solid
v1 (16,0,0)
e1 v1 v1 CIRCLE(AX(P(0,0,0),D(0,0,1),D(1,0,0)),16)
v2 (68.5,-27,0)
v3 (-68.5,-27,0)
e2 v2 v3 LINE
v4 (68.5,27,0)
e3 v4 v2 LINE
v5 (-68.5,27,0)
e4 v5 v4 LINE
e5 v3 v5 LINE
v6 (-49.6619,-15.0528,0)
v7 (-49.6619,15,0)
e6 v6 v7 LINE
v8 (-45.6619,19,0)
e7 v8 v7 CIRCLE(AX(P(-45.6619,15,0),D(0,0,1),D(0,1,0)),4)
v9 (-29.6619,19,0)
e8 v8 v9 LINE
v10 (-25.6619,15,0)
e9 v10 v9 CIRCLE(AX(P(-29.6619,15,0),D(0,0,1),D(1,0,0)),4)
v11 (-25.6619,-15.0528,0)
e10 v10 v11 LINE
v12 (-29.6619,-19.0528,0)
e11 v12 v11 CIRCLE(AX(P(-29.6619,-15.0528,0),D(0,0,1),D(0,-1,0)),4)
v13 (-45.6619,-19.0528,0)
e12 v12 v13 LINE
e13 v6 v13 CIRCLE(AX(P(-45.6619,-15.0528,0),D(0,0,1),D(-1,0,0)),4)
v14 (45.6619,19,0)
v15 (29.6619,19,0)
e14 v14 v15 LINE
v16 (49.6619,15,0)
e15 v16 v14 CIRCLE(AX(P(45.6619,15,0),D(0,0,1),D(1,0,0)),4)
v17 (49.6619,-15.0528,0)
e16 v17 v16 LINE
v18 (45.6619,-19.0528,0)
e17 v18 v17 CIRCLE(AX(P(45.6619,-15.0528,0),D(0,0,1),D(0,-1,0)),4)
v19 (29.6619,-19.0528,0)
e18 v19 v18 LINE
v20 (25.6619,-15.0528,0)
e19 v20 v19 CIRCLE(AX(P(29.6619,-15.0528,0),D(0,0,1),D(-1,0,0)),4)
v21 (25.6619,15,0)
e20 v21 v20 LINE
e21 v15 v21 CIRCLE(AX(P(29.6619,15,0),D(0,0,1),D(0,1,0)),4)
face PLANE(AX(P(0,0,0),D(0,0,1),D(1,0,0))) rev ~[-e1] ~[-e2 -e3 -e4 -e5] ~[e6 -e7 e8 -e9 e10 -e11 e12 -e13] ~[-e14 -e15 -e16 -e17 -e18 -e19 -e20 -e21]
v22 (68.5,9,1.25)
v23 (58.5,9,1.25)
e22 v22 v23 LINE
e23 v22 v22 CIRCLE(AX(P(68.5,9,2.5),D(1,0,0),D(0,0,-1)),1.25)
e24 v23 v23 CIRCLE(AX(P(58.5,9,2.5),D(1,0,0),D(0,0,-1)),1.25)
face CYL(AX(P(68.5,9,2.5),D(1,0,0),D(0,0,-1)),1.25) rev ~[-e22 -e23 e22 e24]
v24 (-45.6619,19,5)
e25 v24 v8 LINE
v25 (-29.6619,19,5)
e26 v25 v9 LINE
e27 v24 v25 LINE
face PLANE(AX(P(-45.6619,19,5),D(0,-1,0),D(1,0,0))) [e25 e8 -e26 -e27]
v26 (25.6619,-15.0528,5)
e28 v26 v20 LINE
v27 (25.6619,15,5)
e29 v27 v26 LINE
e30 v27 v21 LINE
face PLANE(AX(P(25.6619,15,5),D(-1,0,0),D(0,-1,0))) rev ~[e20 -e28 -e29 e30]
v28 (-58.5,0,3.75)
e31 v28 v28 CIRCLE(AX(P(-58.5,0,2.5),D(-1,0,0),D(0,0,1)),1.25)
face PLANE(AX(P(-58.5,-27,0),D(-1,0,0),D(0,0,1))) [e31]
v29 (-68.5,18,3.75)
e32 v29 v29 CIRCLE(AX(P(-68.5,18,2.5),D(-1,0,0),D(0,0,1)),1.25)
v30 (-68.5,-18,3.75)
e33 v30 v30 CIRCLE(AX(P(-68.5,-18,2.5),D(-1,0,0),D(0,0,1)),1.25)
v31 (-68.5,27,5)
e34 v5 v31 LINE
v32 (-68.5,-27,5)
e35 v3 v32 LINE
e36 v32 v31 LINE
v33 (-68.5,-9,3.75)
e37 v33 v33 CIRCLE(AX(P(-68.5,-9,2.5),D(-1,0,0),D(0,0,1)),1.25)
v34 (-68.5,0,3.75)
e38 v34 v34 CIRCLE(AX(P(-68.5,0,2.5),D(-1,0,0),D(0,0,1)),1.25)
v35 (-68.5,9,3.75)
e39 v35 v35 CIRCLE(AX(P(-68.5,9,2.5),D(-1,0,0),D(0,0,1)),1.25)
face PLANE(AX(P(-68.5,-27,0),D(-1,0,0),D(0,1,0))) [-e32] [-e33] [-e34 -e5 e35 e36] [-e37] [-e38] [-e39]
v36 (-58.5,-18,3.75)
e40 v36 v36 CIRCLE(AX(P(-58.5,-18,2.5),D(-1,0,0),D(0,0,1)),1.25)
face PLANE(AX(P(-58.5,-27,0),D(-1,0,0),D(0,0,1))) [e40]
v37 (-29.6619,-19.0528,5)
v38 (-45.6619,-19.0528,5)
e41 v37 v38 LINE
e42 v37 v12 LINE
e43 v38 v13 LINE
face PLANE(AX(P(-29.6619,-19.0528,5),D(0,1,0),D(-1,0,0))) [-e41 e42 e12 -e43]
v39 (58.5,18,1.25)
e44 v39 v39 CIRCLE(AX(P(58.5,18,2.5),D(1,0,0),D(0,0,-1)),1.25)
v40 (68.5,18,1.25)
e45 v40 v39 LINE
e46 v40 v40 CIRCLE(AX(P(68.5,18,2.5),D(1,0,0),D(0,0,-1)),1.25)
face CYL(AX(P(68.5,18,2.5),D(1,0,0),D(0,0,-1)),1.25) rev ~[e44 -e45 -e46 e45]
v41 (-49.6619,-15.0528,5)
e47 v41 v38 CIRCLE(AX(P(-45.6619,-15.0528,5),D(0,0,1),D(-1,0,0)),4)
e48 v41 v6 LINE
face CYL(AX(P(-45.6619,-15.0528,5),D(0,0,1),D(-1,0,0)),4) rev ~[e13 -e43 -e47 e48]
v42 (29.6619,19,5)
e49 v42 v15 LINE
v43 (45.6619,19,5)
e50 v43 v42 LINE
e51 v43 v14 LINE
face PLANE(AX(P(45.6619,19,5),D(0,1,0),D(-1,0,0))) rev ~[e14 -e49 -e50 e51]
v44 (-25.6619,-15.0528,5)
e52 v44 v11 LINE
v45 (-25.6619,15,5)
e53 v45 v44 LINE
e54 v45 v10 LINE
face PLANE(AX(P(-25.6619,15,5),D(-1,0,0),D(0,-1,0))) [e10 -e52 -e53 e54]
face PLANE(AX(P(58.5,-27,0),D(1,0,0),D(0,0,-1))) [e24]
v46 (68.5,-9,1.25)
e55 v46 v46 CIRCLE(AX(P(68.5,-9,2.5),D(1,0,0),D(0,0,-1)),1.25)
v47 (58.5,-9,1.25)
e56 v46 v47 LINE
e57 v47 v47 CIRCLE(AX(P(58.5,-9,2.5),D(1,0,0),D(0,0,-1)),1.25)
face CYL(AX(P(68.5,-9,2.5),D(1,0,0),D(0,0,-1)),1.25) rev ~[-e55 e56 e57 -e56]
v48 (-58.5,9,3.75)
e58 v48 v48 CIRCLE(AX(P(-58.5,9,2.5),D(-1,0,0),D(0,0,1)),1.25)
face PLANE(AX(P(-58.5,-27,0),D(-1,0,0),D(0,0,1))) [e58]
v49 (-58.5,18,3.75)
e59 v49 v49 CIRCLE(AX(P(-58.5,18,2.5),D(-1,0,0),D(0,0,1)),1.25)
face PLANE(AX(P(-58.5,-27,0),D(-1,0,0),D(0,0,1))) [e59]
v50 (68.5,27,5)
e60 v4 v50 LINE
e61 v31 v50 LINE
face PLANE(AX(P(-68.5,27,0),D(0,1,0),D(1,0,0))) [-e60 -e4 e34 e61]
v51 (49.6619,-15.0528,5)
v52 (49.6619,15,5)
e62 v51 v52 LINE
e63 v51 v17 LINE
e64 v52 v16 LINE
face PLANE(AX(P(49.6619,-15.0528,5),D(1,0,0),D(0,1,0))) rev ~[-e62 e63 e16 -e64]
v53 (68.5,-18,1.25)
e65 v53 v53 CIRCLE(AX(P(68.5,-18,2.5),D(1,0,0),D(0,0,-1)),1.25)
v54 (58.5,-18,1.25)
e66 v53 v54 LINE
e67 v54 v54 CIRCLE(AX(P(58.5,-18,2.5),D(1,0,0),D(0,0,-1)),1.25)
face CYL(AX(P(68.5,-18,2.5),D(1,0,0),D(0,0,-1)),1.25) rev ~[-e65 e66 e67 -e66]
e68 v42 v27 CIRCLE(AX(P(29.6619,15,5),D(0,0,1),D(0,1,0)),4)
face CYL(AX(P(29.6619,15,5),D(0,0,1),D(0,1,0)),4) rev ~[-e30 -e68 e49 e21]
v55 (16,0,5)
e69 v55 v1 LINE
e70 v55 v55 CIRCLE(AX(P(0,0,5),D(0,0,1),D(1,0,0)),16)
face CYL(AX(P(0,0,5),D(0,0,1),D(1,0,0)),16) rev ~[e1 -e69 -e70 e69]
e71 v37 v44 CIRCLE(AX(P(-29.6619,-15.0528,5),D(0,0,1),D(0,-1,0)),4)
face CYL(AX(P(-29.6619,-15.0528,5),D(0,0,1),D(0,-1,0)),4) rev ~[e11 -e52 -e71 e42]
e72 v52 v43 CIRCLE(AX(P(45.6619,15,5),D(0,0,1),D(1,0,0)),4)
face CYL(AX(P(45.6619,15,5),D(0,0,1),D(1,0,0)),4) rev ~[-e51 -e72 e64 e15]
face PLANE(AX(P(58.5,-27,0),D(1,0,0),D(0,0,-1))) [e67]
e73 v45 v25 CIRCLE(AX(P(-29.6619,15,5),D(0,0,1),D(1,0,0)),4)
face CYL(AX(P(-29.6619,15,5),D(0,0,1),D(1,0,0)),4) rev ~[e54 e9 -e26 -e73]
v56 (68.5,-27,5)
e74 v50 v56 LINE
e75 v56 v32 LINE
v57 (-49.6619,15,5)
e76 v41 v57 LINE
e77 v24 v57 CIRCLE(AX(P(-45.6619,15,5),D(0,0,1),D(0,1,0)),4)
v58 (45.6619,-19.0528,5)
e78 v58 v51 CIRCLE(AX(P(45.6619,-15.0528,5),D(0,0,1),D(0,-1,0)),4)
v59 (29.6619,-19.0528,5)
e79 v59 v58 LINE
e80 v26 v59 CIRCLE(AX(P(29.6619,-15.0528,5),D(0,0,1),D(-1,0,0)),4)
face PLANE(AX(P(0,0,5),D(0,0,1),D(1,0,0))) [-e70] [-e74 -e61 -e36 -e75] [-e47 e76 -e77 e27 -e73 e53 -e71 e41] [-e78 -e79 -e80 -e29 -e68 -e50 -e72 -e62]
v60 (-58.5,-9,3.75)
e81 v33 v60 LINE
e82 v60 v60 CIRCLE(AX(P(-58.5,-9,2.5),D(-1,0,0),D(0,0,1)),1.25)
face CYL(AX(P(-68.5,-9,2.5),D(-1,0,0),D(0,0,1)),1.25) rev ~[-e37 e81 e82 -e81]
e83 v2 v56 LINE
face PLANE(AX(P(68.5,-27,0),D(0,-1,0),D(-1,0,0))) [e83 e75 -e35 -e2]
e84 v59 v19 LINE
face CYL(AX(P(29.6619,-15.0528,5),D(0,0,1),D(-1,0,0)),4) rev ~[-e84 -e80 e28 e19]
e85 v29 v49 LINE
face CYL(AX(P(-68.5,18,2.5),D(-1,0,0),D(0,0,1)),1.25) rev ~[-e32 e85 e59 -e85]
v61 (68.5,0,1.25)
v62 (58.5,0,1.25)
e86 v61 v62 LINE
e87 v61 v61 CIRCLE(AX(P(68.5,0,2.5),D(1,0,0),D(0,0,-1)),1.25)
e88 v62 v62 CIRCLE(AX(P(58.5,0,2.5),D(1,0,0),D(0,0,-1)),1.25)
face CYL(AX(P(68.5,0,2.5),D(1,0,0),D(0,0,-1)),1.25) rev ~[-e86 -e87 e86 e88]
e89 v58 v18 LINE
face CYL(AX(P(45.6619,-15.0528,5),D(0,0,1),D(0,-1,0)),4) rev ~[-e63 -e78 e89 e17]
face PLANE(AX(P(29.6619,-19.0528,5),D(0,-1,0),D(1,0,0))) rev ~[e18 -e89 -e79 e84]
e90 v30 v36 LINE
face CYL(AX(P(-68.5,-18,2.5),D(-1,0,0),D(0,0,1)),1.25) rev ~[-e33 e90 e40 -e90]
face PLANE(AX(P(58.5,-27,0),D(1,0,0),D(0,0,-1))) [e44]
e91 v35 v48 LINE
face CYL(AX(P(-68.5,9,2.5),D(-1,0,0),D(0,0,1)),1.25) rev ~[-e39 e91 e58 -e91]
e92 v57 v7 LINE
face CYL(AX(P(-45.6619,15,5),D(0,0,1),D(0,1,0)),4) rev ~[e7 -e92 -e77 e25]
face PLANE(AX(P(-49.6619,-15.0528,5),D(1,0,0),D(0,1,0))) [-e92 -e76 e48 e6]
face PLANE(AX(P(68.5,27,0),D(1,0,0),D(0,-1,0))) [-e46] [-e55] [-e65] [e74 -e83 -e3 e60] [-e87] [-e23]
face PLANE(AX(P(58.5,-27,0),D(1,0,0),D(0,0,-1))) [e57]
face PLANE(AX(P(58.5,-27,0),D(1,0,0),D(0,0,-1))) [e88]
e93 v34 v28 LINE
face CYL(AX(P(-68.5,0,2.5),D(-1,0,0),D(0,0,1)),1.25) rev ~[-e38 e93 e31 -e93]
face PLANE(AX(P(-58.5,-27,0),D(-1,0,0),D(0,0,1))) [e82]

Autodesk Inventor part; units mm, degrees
ref_plane "YZ Plane" through (0, 0, 0) normal (1, 0, 0) x (0, 1, 0)
ref_plane "XZ Plane" through (0, 0, 0) normal (0, 1, 0) x (-1, 0, 0)
ref_plane "XY Plane" through (0, 0, 0) normal (0, 0, 1) x (1, 0, 0)
sketch "스케치1" plane through (0, 0, 0) normal (0, 0, 1) x (1, 0, 0)
  line L0 (-68.5, 27) -> (68.5, 27)
  line L1 (68.5, 27) -> (68.5, -27)
  line L2 (68.5, -27) -> (-68.5, -27)
  line L3 (-68.5, -27) -> (-68.5, 27)
  point P0 (0, 0)
  dimension "d0" = 137
  dimension "d1" = 54
  dimension "d2" = 27
  dimension "d3" = 68.5
extrude "돌출1" add sketch "스케치1" along normal blind 5
sketch "스케치2" plane through (-68.5, -27, 0) normal (-1, 0, 0) x (0, 0, 1)
  line L0 (0, 54) -> (0, 0)
  line L1 (0, 0) -> (5, 0)
  line L2 (5, 0) -> (51, 4)
  line L3 (51, 50) -> (5, 54)
  line L4 (5, 54) -> (0, 54)
  circle A0 centre (2.5, 9) radius 1.25
  circle A1 centre (2.5, 18) radius 1.25
  circle A2 centre (2.5, 27) radius 1.25
  circle A3 centre (2.5, 36) radius 1.25
  circle A4 centre (2.5, 45) radius 1.25
  line L5 (0, 0) -> (0, 54) projected
  line L6 (0, 0) -> (5, 0) projected
  line L7 (5, 54) -> (5, 0) projected
  line L8 (0, 54) -> (5, 54) projected
  point P0 (0, 27)
  dimension "d6" = 2.5
  dimension "d7" = 2.5
  dimension "d8" = 2.5
  dimension "d9" = 2.5
  dimension "d10" = 2.5
  dimension "d11" = 2.5
  dimension "d12" = 2.5
  dimension "d13" = 2.5
  dimension "d14" = 2.5
  dimension "d15" = 2.5
  dimension "d16" = 9
  dimension "d17" = 18
  dimension "d18" = 27
  dimension "d19" = 36
  dimension "d20" = 9
extrude "돌출2" cut sketch "스케치2" against normal blind 10 contours A0 | A1 | A2 | A3 | A4
sketch "스케치3" plane through (68.5, -27, 0) normal (1, 0, 0) x (0, 0, -1)
  line L0 (0, 0) -> (0, 54)
  line L1 (0, 54) -> (-5, 54)
  line L2 (-5, 54) -> (-51, 50)
  line L3 (-51, 4) -> (-5, 0)
  line L4 (-5, 0) -> (0, 0)
  circle A0 centre (-2.5, 45) radius 1.25
  circle A1 centre (-2.5, 36) radius 1.25
  circle A2 centre (-2.5, 27) radius 1.25
  circle A3 centre (-2.5, 18) radius 1.25
  circle A4 centre (-2.5, 9) radius 1.25
  line L5 (0, 54) -> (0, 0) projected
  line L6 (0, 54) -> (-5, 54) projected
  line L7 (-5, 0) -> (-5, 54) projected
  line L8 (0, 0) -> (-5, 0) projected
  point P0 (0, 27)
  dimension "d23" = 2.5
  dimension "d24" = 2.5
  dimension "d25" = 2.5
  dimension "d26" = 2.5
  dimension "d27" = 2.5
  dimension "d28" = 2.5
  dimension "d29" = 2.5
  dimension "d30" = 2.5
  dimension "d31" = 2.5
  dimension "d32" = 2.5
  dimension "d33" = 9
  dimension "d34" = 18
  dimension "d35" = 27
  dimension "d36" = 36
  dimension "d37" = 9
extrude "돌출3" cut sketch "스케치3" against normal blind 10 contours A0 | A1 | A2 | A3 | A4
sketch "스케치5" plane through (0, 0, 5) normal (0, 0, 1) x (1, 0, 0)
  line L0 (68.5, 27) -> (-68.5, 27) projected
  line L1 (-68.5, 27) -> (-68.5, -27) projected
  line L2 (-68.5, -27) -> (68.5, -27) projected
  line L3 (68.5, -27) -> (68.5, 27) projected
  line L4 (68.5, 27) -> (-68.5, 27) projected
  line L5 (-68.5, -0.0341) -> (68.5, 0) construction
  line L6 (-45.6619, 19) -> (-29.6619, 19)
  line L7 (-25.6619, 15) -> (-25.6619, -15.0528)
  line L8 (-29.6619, -19.0528) -> (-45.6619, -19.0528)
  line L9 (-49.6619, -15.0528) -> (-49.6619, 15)
  line L10 (-49.6619, 19) -> (-25.6619, -19.0528) construction
  line L11 (-25.6619, 19) -> (-49.6619, -19.0528) construction
  arc A0 (-45.6619, 19) -> (-49.6619, 15) centre (-45.6619, 15) ccw
  arc A1 (-25.6619, 15) -> (-29.6619, 19) centre (-29.6619, 15) ccw
  arc A2 (-29.6619, -19.0528) -> (-25.6619, -15.0528) centre (-29.6619, -15.0528) ccw
  arc A3 (-49.6619, -15.0528) -> (-45.6619, -19.0528) centre (-45.6619, -15.0528) ccw
  line L12 (0, 29) -> (0, -29)
  arc A4 (29.6619, 19) -> (25.6619, 15) centre (29.6619, 15) ccw
  line L13 (25.6619, 15) -> (25.6619, -15.0528)
  arc A5 (25.6619, -15.0528) -> (29.6619, -19.0528) centre (29.6619, -15.0528) ccw
  line L14 (45.6619, 19) -> (29.6619, 19)
  arc A6 (49.6619, 15) -> (45.6619, 19) centre (45.6619, 15) ccw
  line L15 (49.6619, 19) -> (25.6619, -19.0528) construction
  line L16 (25.6619, 19) -> (49.6619, -19.0528) construction
  line L17 (49.6619, -15.0528) -> (49.6619, 15)
  arc A7 (45.6619, -19.0528) -> (49.6619, -15.0528) centre (45.6619, -15.0528) ccw
  line L18 (29.6619, -19.0528) -> (45.6619, -19.0528)
  point P0 (0, 0)
  point P1 (-37.6619, -0.0264)
  point P2 (37.6619, -0.0264)
  point P3 (0, 0)
  dimension "d85" = 24
  dimension "d86" = 4
extrude "돌출4" cut sketch "스케치5" against normal up to surface (5 mm away) contours L6 A1 L7 A2 L8 A3 L9 A0 | L14 A6 L17 A7 L18 A5 L13 A4
sketch "스케치9" plane through (0, 0, 5) normal (0, 0, 1) x (1, 0, 0)
  circle A0 centre (0, 0) radius 16
  dimension "d82" = 32
extrude "돌출8" cut sketch "스케치9" against normal blind 10
equation "\"d2\" = 0.5 * d1"
equation "\"d3\" = 0.5 * d0"
properties part number "J2L1_H_Top" material "알루미늄 6061"
